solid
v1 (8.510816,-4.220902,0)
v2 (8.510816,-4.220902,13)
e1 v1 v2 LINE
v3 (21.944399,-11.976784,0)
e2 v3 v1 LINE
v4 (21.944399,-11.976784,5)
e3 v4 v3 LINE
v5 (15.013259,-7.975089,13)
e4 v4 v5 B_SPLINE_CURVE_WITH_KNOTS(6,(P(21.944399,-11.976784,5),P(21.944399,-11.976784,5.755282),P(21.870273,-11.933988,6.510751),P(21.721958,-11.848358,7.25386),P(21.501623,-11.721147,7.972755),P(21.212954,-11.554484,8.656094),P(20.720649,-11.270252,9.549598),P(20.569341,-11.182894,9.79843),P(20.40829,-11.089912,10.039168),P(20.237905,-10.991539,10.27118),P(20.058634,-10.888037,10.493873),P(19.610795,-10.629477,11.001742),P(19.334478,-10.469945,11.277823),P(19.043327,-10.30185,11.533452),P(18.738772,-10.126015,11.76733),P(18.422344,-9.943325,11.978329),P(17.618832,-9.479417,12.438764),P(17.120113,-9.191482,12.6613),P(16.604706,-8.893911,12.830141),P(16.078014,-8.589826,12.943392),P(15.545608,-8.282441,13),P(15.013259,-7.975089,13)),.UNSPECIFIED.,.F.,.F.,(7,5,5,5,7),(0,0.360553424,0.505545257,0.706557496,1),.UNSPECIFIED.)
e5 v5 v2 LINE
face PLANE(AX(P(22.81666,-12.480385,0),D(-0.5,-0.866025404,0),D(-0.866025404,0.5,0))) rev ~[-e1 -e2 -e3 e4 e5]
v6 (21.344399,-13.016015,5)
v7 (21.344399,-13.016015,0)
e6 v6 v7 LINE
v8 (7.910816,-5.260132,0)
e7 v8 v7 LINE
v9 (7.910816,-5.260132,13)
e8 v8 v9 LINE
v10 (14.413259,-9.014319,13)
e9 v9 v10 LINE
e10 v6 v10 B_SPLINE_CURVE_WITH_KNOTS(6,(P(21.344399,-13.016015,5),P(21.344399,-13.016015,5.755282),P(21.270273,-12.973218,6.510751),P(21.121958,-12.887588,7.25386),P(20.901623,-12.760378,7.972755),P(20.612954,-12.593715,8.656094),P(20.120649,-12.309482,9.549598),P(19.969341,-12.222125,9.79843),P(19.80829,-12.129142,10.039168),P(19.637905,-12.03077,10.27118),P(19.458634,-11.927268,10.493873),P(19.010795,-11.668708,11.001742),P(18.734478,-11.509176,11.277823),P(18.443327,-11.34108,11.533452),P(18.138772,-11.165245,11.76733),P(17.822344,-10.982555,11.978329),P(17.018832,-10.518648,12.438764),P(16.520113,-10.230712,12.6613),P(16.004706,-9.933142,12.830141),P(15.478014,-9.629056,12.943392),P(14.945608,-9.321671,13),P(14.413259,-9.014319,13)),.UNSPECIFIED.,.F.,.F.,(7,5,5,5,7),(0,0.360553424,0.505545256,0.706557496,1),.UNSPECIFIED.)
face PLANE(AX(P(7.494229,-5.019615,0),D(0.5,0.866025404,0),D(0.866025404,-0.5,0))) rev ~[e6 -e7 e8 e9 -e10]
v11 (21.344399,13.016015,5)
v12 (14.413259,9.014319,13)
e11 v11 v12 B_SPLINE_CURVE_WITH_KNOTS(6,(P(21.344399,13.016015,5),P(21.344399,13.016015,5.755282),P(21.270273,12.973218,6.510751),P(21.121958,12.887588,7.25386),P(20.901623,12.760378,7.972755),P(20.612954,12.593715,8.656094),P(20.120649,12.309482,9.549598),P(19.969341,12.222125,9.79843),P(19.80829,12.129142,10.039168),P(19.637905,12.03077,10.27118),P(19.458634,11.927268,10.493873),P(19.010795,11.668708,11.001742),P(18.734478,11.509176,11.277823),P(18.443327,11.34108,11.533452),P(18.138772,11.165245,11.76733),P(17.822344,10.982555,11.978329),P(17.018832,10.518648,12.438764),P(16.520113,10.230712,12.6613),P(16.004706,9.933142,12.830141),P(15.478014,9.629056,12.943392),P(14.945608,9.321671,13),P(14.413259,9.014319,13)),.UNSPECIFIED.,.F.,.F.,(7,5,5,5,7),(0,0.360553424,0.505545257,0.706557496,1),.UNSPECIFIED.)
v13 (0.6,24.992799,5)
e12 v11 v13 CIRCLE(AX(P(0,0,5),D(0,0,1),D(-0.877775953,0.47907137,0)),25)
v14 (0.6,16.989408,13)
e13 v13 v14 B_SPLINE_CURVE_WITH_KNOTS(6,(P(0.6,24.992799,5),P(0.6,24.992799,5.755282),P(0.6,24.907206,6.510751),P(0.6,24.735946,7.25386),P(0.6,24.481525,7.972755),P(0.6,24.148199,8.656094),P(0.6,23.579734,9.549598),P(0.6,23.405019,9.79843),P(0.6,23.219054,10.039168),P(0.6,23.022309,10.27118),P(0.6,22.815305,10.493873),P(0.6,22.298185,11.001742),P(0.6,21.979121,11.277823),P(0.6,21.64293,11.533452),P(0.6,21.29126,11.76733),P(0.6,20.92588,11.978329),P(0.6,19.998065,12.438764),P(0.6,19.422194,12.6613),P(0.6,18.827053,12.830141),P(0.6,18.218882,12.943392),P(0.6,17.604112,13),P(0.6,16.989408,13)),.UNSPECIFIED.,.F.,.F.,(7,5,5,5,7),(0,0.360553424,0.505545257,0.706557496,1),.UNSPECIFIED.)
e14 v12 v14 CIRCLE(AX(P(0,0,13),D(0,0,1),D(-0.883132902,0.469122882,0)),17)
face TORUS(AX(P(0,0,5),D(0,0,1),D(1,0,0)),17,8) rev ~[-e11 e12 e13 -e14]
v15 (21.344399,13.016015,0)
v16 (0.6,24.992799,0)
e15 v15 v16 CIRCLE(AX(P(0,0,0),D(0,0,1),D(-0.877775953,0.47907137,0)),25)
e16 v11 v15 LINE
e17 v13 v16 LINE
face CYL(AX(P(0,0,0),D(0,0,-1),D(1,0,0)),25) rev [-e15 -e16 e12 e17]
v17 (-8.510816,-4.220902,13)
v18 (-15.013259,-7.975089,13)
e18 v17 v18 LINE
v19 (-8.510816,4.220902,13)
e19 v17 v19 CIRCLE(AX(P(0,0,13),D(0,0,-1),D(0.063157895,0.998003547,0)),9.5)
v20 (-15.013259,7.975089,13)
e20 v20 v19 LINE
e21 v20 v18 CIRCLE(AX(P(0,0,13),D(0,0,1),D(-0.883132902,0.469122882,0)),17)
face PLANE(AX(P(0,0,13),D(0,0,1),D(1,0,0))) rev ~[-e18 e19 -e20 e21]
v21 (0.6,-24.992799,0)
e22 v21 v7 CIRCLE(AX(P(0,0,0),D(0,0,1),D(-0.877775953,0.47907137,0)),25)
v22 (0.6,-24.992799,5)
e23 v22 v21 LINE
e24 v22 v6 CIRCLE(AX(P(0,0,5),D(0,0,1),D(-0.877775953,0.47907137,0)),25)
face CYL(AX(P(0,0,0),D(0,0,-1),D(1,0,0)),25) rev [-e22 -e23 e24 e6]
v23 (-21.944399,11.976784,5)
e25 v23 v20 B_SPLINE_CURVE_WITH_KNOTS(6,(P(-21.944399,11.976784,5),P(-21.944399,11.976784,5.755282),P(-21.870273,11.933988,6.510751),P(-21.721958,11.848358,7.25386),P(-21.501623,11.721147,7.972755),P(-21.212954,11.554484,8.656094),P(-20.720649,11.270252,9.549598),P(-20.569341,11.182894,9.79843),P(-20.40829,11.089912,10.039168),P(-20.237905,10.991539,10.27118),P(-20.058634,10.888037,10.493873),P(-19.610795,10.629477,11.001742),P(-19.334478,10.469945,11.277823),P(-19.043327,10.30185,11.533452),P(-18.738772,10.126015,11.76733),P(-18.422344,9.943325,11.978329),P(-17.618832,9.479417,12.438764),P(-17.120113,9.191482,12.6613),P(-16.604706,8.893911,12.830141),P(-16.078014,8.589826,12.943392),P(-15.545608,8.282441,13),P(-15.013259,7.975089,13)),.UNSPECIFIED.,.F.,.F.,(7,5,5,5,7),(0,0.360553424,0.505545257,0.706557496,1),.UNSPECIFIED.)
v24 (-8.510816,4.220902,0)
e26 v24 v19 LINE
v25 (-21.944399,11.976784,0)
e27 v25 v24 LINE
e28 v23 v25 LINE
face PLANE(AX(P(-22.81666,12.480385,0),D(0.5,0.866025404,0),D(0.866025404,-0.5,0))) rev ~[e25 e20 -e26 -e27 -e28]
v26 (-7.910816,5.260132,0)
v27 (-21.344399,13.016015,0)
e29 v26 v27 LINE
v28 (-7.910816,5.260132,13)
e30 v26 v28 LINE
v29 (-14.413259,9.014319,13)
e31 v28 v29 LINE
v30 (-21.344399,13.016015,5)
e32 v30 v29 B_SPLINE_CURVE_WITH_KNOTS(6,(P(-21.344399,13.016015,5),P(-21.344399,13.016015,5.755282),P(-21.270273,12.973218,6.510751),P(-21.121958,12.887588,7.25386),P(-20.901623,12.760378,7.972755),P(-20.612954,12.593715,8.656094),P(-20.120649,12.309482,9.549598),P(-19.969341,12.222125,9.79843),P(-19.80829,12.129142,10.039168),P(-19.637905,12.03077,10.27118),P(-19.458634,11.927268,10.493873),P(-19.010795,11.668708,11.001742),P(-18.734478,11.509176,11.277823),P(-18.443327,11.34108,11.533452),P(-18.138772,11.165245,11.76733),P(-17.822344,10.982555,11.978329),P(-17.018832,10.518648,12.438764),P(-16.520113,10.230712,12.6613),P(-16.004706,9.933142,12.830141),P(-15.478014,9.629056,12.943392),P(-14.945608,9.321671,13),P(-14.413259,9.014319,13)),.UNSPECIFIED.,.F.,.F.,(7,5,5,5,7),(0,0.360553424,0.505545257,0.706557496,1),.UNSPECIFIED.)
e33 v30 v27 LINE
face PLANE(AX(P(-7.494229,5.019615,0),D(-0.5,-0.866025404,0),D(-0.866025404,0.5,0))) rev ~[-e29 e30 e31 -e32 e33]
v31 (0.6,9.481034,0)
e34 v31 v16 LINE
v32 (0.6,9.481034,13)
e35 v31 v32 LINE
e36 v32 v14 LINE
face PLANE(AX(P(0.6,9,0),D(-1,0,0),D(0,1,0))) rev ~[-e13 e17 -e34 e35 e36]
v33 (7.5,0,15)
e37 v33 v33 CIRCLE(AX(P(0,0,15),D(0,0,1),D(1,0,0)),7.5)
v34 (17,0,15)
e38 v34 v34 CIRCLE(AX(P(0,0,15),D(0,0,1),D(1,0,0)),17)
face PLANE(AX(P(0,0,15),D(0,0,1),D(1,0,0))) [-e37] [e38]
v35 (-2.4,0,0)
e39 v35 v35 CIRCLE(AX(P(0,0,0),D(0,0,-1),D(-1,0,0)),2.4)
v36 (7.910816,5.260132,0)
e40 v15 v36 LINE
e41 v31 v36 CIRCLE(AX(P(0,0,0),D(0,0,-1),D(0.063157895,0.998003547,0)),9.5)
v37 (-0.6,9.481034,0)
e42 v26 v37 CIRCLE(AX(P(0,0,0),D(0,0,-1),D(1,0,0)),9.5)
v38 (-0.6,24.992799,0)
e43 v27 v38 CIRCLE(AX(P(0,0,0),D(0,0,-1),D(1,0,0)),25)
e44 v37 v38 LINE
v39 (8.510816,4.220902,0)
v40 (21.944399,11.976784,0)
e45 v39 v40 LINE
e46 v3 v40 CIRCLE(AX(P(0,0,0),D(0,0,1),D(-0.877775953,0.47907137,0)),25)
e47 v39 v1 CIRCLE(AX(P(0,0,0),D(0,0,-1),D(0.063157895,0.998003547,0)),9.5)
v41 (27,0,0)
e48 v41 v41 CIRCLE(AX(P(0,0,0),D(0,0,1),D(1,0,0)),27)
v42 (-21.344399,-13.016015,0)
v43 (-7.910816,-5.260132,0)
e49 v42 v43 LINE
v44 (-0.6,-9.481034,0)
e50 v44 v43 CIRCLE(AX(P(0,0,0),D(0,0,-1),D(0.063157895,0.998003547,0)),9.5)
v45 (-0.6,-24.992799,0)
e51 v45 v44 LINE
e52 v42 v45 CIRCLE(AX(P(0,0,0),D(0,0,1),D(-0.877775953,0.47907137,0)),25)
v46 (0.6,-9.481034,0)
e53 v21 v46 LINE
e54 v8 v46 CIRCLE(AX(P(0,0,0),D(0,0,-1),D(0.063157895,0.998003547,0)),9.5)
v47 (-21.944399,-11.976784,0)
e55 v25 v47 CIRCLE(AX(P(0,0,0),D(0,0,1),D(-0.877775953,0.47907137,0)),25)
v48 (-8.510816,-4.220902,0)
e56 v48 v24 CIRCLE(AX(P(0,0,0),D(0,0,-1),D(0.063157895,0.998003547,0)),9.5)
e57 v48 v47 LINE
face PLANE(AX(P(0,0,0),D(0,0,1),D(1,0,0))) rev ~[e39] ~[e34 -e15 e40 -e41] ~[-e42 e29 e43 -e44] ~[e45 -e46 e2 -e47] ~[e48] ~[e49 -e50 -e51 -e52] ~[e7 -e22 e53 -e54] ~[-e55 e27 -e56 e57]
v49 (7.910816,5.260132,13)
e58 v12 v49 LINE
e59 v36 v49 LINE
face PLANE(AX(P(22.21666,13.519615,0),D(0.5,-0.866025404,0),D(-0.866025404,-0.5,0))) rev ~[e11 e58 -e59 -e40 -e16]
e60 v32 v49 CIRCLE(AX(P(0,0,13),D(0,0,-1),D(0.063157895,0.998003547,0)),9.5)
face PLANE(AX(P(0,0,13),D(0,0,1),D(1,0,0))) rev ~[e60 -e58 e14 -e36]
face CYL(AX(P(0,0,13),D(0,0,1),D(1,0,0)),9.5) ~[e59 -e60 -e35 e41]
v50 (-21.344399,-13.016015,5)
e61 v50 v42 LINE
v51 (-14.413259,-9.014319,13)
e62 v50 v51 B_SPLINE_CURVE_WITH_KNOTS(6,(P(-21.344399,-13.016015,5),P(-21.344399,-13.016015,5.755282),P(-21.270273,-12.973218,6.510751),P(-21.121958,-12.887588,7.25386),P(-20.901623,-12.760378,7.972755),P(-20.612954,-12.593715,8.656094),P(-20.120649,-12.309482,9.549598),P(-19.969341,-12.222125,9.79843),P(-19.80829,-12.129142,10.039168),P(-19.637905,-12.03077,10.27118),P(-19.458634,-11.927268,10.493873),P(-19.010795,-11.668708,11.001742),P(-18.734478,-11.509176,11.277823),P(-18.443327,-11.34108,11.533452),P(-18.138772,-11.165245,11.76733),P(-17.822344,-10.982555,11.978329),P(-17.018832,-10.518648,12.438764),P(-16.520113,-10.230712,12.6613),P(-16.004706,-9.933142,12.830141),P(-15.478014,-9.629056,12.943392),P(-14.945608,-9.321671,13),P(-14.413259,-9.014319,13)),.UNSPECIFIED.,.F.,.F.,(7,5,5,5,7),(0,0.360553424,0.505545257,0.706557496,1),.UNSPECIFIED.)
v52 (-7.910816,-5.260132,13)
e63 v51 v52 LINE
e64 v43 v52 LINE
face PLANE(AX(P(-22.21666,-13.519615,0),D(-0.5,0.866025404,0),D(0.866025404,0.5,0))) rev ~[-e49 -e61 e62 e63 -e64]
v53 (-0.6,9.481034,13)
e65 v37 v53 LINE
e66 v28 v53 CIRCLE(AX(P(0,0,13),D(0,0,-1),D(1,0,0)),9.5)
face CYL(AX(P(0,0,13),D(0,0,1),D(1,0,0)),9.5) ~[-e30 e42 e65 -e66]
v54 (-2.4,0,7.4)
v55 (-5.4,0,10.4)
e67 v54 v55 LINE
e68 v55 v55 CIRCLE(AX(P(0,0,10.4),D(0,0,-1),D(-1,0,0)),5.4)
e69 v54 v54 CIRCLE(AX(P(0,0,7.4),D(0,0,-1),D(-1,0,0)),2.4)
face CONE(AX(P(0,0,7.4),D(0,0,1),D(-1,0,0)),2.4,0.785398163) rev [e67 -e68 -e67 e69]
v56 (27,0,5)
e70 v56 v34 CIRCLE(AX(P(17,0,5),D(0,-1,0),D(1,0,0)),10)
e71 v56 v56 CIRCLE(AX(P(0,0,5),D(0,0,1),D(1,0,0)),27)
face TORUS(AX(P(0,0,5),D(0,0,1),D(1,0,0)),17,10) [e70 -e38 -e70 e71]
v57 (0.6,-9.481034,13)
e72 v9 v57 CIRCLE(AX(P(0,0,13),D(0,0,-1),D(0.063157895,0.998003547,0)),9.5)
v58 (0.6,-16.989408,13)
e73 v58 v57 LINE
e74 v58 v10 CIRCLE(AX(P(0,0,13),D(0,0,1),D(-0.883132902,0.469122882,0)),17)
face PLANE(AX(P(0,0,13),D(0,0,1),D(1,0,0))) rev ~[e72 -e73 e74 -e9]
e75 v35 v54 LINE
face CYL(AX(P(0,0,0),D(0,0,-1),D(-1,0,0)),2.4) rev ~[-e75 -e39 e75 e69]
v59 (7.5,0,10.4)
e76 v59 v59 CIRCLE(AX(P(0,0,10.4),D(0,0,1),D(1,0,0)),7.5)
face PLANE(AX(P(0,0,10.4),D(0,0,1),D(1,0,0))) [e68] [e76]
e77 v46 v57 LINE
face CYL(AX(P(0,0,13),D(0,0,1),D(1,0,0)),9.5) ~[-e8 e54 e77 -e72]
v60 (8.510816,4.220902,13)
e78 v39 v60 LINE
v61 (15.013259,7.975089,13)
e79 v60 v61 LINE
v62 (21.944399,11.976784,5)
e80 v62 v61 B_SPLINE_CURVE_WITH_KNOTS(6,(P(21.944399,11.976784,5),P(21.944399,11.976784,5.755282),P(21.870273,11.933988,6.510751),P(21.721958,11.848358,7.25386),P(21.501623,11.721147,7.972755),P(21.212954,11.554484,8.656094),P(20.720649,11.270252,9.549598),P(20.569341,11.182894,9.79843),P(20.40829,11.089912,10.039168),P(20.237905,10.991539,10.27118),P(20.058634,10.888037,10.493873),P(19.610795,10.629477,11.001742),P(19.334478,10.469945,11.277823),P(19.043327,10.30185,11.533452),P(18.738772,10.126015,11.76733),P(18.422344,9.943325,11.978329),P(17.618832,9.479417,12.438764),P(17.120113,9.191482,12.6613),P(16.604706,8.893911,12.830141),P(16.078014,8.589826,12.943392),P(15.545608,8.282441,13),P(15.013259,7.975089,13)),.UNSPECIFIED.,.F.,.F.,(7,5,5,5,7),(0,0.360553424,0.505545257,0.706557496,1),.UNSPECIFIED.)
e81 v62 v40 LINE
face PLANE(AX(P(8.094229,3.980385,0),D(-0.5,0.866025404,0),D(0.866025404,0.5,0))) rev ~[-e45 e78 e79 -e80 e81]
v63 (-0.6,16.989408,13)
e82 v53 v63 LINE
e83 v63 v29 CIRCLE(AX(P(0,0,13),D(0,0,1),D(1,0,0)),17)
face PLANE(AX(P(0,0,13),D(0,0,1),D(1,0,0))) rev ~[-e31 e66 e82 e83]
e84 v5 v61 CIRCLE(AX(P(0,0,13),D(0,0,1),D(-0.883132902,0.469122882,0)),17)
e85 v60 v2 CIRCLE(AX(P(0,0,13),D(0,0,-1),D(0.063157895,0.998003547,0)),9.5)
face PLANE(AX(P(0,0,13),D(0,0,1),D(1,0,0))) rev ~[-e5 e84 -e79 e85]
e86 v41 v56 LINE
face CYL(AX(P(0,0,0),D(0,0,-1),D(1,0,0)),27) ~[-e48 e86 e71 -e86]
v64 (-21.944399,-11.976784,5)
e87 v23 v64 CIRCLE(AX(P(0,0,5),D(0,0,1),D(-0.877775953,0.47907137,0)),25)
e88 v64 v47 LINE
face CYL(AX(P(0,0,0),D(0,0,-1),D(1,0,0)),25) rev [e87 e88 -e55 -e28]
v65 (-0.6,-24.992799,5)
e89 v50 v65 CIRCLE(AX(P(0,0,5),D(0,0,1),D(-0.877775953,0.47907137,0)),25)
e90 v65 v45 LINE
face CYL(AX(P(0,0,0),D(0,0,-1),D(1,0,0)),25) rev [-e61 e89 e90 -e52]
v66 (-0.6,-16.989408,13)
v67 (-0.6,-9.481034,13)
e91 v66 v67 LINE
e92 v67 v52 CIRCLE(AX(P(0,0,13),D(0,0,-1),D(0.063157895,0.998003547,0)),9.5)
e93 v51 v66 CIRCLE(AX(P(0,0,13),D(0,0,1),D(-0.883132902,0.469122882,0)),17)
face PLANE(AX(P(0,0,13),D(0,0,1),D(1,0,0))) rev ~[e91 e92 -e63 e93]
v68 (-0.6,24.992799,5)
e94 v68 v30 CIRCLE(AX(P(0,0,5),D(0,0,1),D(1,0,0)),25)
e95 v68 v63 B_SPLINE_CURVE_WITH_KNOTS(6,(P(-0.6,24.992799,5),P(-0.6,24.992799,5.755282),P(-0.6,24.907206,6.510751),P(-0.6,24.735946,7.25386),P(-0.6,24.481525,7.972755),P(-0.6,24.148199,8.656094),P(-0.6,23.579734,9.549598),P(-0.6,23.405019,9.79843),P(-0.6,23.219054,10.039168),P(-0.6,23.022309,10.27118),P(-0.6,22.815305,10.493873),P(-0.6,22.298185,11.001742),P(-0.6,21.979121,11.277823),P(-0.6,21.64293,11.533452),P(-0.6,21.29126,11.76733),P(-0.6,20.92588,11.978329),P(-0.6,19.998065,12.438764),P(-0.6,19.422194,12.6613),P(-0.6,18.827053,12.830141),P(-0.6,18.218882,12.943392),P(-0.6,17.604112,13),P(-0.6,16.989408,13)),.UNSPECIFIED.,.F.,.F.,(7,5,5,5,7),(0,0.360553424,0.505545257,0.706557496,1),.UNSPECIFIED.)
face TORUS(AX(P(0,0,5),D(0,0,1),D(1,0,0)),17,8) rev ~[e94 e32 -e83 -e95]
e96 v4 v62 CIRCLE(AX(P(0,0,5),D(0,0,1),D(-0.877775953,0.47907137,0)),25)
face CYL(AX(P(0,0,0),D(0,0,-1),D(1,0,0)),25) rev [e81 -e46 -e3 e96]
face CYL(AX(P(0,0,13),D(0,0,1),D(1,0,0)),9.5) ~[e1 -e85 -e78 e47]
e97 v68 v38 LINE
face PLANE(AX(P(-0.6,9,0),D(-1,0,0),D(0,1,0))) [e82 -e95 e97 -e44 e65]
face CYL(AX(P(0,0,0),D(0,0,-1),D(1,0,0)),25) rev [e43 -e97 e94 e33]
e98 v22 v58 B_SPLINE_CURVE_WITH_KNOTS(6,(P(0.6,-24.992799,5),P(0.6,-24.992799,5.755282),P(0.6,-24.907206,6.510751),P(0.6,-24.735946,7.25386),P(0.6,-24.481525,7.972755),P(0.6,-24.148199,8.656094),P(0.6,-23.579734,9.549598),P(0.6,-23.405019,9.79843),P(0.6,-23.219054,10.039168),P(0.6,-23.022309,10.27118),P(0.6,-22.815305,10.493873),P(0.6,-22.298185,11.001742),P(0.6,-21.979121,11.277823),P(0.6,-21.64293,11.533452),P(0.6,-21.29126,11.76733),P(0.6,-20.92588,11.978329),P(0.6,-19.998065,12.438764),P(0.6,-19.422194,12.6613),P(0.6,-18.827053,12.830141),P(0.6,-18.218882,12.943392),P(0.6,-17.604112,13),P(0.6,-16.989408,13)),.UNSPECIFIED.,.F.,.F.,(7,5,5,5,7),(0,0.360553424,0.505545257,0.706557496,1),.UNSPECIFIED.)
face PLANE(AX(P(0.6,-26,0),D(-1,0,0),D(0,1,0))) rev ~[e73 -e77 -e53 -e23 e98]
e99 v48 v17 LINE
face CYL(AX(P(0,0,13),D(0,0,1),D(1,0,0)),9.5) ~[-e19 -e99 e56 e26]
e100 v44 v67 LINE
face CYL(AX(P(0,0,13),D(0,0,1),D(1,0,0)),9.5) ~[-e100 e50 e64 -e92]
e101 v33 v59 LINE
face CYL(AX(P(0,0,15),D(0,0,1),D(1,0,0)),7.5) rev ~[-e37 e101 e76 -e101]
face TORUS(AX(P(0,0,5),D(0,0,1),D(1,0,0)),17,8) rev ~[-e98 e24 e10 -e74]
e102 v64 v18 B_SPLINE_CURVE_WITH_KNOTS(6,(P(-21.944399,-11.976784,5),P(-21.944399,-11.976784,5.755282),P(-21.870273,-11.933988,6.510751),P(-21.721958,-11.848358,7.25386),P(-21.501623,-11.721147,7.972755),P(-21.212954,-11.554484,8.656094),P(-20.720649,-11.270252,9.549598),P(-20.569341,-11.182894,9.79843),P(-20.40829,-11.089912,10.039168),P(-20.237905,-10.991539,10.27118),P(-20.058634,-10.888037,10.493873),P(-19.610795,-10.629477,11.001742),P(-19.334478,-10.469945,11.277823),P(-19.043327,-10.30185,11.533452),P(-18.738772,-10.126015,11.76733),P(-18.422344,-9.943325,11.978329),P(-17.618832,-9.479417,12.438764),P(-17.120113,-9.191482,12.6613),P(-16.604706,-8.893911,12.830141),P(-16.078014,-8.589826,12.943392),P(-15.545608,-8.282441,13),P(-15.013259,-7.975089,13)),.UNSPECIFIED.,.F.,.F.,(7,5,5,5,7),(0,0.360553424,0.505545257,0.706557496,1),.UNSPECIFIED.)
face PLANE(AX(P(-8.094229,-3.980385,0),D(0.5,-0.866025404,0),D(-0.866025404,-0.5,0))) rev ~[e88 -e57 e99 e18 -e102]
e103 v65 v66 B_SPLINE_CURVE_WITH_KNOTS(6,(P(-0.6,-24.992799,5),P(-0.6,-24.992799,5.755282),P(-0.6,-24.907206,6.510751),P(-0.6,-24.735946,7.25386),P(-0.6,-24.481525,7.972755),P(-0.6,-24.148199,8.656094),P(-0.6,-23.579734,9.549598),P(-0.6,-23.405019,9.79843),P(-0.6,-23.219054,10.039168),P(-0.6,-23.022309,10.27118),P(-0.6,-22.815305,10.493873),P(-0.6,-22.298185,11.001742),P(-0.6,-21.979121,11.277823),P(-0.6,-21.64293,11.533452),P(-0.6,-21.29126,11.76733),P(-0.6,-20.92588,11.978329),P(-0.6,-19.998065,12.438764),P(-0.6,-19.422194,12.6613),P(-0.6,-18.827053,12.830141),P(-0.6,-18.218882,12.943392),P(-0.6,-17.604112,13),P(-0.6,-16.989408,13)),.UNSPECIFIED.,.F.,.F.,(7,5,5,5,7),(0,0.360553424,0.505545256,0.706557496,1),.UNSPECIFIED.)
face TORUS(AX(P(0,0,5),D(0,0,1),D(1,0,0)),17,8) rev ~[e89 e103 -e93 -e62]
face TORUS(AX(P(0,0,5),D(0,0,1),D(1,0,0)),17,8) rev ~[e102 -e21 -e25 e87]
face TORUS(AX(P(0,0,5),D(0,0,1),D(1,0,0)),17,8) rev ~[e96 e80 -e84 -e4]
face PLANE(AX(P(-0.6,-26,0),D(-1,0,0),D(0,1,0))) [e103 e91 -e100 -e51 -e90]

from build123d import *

# Parameters (mm, degrees)
SKETCH_2_R          = 27
EXTRUDE_1_DEPTH     = 15
FILLET_3_R          = 10
SHELL_2_T           = -2
SKETCH_5_R          = 9.5
EXTRUDE_2_DEPTH     = 13
SKETCH_6_R          = 2.4
CUT_EXTRUDE_1_DEPTH = 42.024382994
EXTRUDE_3_REACH     = 43.024
SKETCH_7_W          = 1.2
SKETCH_7_H          = 17
SKETCH_8_R          = 7.5
CUT_EXTRUDE_2_DEPTH = 4.6
CHAMFER_1_SIZE      = 3


with BuildPart() as part:
    # Эскиз2 → Бобышка-Вытянуть1 (new body)
    with BuildSketch(Plane.XY):
        Circle(SKETCH_2_R)
    extrude(amount=EXTRUDE_1_DEPTH)

    # Скругление3
    fillet_3_edges = [part.edges().sort_by_distance(p)[0] for p in [
        (-27, 0, 15),
    ]]
    fillet(fillet_3_edges, radius=FILLET_3_R)

    # Оболочка2
    shell_2_openings = [part.faces().sort_by_distance(p)[0] for p in [
        (0, 0, 0),
    ]]
    offset(amount=SHELL_2_T, openings=shell_2_openings, kind=Kind.INTERSECTION)

    # Эскиз5 → Бобышка-Вытянуть2 (add)
    with BuildSketch(Plane(origin=(0, 0, 13), x_dir=(-1, 0, 0), z_dir=(0, 0, -1))):
        with Locations(Location((0, 0, 0), (0, 0, 180))):
            Circle(SKETCH_5_R)
    extrude(amount=EXTRUDE_2_DEPTH)

    # Эскиз6 → Вырез-Вытянуть1 (cut, through all)
    with BuildSketch(Plane(origin=(0, 0, 0), x_dir=(-1, 0, 0), z_dir=(0, 0, -1))):
        Circle(SKETCH_6_R)
    extrude(amount=-CUT_EXTRUDE_1_DEPTH, mode=Mode.SUBTRACT)

    # Эскиз7 → Бобышка-Вытянуть3 (add, up to next)
    with BuildSketch(Plane(origin=(0, 0, 0), x_dir=(-1, 0, 0), z_dir=(0, 0, -1)), mode=Mode.PRIVATE) as extrude_3_sk1:
        with Locations((0, 17.5)):
            Rectangle(SKETCH_7_W, SKETCH_7_H)
    extrude_3_tool1 = extrude(extrude_3_sk1.sketch, amount=-EXTRUDE_3_REACH, mode=Mode.PRIVATE) - part.part
    # Эскиз7 → Бобышка-Вытянуть3 (add, up to next)
    with BuildSketch(Plane(origin=(0, 0, 0), x_dir=(-1, 0, 0), z_dir=(0, 0, -1)), mode=Mode.PRIVATE) as extrude_3_sk2:
        Polygon((7.494228634, 5.019615242), (22.216660498, 13.519615242), (22.816660498, 12.480384758), (8.094228634, 3.980384758), align=None)
    extrude_3_tool2 = extrude(extrude_3_sk2.sketch, amount=-EXTRUDE_3_REACH, mode=Mode.PRIVATE) - part.part
    # Эскиз7 → Бобышка-Вытянуть3 (add, up to next)
    with BuildSketch(Plane(origin=(0, 0, 0), x_dir=(-1, 0, 0), z_dir=(0, 0, -1)), mode=Mode.PRIVATE) as extrude_3_sk3:
        Polygon((8.094228634, -3.980384758), (22.816660498, -12.480384758), (22.216660498, -13.519615242), (7.494228634, -5.019615242), align=None)
    extrude_3_tool3 = extrude(extrude_3_sk3.sketch, amount=-EXTRUDE_3_REACH, mode=Mode.PRIVATE) - part.part
    # Эскиз7 → Бобышка-Вытянуть3 (add, up to next)
    with BuildSketch(Plane(origin=(0, 0, 0), x_dir=(-1, 0, 0), z_dir=(0, 0, -1)), mode=Mode.PRIVATE) as extrude_3_sk4:
        with Locations((0, -17.5)):
            Rectangle(SKETCH_7_W, SKETCH_7_H)
    extrude_3_tool4 = extrude(extrude_3_sk4.sketch, amount=-EXTRUDE_3_REACH, mode=Mode.PRIVATE) - part.part
    # Эскиз7 → Бобышка-Вытянуть3 (add, up to next)
    with BuildSketch(Plane(origin=(0, 0, 0), x_dir=(-1, 0, 0), z_dir=(0, 0, -1)), mode=Mode.PRIVATE) as extrude_3_sk5:
        Polygon((-7.494228634, -5.019615242), (-22.216660498, -13.519615242), (-22.816660498, -12.480384758), (-8.094228634, -3.980384758), align=None)
    extrude_3_tool5 = extrude(extrude_3_sk5.sketch, amount=-EXTRUDE_3_REACH, mode=Mode.PRIVATE) - part.part
    # Эскиз7 → Бобышка-Вытянуть3 (add, up to next)
    with BuildSketch(Plane(origin=(0, 0, 0), x_dir=(-1, 0, 0), z_dir=(0, 0, -1)), mode=Mode.PRIVATE) as extrude_3_sk6:
        Polygon((-8.094228634, 3.980384758), (-22.816660498, 12.480384758), (-22.216660498, 13.519615242), (-7.494228634, 5.019615242), align=None)
    extrude_3_tool6 = extrude(extrude_3_sk6.sketch, amount=-EXTRUDE_3_REACH, mode=Mode.PRIVATE) - part.part
    add(extrude_3_tool1.solids().sort_by_distance((0, 17.5, 0))[0])
    add(extrude_3_tool2.solids().sort_by_distance((-15.155445, 8.75, 0))[0])
    add(extrude_3_tool3.solids().sort_by_distance((-15.155445, -8.75, 0))[0])
    add(extrude_3_tool4.solids().sort_by_distance((0, -17.5, 0))[0])
    add(extrude_3_tool5.solids().sort_by_distance((15.155445, -8.75, 0))[0])
    add(extrude_3_tool6.solids().sort_by_distance((15.155445, 8.75, 0))[0])

    # Эскиз8 → Вырез-Вытянуть2 (cut)
    with BuildSketch(Plane.XY.offset(15)):
        Circle(SKETCH_8_R)
    extrude(amount=-CUT_EXTRUDE_2_DEPTH, mode=Mode.SUBTRACT)

    # Фаска1
    chamfer_1_edges = [part.edges().sort_by_distance(p)[0] for p in [
        (2.4, 0, 10.4),
    ]]
    chamfer(chamfer_1_edges, length=CHAMFER_1_SIZE)


solid = part.part
